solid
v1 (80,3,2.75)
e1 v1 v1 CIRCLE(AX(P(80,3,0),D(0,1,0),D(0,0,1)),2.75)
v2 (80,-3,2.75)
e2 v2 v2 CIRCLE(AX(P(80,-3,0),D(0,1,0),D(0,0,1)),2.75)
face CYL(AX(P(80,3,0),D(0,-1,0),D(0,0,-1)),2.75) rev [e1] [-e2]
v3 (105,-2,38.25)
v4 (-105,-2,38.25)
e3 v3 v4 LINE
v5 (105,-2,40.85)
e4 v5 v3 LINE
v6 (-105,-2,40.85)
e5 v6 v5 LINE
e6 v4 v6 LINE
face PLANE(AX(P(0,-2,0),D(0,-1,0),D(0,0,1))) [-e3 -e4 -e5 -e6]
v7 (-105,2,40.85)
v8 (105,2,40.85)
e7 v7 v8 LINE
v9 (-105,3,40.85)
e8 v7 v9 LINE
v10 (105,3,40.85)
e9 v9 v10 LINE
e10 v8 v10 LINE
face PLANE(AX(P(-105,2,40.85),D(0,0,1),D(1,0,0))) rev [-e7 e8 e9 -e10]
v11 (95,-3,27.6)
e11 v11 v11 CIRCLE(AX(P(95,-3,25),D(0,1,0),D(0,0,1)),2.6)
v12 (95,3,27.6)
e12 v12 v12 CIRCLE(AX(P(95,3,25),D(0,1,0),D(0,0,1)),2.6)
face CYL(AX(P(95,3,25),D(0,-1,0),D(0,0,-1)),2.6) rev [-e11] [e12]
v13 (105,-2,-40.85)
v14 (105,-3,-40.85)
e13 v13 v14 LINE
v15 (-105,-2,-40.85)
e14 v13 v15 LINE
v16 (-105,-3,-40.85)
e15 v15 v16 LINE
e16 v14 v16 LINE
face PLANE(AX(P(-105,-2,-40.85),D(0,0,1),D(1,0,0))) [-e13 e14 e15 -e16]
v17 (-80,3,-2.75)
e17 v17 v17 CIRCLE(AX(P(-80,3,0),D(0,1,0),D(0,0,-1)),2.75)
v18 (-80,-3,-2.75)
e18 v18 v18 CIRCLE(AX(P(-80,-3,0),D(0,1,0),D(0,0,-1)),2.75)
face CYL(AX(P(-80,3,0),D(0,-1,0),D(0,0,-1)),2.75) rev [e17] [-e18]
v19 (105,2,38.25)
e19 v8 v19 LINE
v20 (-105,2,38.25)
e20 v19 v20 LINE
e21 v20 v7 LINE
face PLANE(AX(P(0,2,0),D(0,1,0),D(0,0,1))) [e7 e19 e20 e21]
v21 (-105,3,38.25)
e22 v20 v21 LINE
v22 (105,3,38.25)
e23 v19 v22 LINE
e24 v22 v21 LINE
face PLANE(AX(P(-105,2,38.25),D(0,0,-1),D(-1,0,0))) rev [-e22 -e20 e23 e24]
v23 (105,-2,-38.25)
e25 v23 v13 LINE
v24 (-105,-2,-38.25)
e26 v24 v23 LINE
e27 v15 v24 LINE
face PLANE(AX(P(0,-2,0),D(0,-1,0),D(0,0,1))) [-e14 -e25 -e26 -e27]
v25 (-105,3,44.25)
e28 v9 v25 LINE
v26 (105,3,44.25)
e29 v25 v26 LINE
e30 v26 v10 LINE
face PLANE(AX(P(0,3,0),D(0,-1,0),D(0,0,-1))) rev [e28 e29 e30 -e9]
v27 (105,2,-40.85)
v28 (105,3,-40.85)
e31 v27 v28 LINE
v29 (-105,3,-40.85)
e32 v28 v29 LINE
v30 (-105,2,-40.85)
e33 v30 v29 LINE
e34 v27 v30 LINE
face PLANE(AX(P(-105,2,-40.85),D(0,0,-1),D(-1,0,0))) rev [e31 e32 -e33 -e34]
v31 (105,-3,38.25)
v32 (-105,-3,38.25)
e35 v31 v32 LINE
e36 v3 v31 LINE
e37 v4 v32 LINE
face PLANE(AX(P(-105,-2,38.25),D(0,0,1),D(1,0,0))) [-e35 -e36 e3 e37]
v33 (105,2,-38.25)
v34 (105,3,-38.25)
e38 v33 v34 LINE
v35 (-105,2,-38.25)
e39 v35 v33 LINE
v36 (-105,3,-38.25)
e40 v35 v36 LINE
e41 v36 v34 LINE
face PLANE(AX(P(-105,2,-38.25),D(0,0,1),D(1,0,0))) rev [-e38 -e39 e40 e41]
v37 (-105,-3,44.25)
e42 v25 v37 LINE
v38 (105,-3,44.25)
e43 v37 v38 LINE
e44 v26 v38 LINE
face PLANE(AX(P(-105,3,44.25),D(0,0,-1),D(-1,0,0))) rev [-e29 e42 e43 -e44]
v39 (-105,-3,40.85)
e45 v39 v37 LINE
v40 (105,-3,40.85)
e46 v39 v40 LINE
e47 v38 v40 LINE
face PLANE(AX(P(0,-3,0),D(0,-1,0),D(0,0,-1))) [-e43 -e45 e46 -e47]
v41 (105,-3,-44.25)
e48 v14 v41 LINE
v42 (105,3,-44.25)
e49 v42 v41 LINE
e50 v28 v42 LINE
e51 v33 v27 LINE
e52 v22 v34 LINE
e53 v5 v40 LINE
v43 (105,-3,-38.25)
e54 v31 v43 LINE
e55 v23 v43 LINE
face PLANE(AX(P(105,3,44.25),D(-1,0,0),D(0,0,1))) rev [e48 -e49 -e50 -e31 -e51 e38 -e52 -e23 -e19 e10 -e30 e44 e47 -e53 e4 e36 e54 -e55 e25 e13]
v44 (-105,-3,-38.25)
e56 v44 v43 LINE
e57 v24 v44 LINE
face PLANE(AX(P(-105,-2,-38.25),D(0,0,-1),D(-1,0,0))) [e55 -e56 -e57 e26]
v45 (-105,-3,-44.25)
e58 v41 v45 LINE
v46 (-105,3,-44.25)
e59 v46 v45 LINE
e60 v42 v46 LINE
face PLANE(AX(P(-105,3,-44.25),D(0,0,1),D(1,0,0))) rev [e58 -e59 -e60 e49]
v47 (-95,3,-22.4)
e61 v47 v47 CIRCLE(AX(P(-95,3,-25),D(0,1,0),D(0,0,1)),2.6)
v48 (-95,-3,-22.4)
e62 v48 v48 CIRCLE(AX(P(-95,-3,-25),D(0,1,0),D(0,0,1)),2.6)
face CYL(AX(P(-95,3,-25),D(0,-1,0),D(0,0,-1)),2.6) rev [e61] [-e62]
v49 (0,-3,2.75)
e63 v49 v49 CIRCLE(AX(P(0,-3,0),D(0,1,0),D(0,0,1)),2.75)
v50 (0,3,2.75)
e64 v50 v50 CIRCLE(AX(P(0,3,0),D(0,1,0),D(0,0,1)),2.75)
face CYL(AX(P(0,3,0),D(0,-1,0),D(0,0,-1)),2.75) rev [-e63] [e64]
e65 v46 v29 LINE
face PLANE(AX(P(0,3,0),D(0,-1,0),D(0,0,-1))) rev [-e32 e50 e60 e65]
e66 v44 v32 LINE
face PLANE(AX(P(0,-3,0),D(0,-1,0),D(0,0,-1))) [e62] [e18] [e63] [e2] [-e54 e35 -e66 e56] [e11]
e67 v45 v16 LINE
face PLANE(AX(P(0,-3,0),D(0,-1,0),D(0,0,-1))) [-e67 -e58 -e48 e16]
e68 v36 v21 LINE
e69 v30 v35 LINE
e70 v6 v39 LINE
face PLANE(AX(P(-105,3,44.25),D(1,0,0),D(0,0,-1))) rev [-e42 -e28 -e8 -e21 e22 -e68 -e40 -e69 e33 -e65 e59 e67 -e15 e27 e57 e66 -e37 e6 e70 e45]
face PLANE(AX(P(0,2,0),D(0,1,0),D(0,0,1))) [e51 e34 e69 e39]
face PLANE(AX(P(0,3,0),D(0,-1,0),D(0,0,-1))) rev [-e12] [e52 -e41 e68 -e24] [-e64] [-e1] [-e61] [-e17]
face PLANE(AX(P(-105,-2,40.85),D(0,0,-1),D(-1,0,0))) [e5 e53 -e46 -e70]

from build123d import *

# Parameters (mm, degrees)
SKETCH1_W           = 210
SKETCH1_H           = 88.5
SKETCH1_R           = 2.75
SKETCH1_R_2         = 2.6
BOSS_EXTRUDE1_DEPTH = 3
SKETCH2_W           = 210
SKETCH2_H           = 2.6
CUT_EXTRUDE1_DEPTH  = 1


with BuildPart() as part:
    # Sketch1 → Boss-Extrude1 (new, symmetric)
    with BuildSketch(Plane(origin=(0, 0, 0), x_dir=(1, 0, 0), z_dir=(0, 1, 0))):
        Rectangle(SKETCH1_W, SKETCH1_H)
        with Locations(Location((80, 0, 0), (0, 0, 270))):
            Circle(SKETCH1_R, mode=Mode.SUBTRACT)
        with Locations(Location((0, 0, 0), (0, 0, 270))):
            Circle(SKETCH1_R, mode=Mode.SUBTRACT)
        with Locations(Location((-80, 0, 0), (0, 0, 90))):
            Circle(SKETCH1_R, mode=Mode.SUBTRACT)
        with Locations(Location((-95, 25, 0), (0, 0, 270))):
            Circle(SKETCH1_R_2, mode=Mode.SUBTRACT)
        with Locations(Location((95, -25, 0), (0, 0, 270))):
            Circle(SKETCH1_R_2, mode=Mode.SUBTRACT)
    extrude(amount=BOSS_EXTRUDE1_DEPTH, both=True)

    # Sketch2 → Cut-Extrude1 (cut)
    with BuildSketch(Plane(origin=(0, 3, 0), x_dir=(1, 0, 0), z_dir=(0, 1, 0))):
        with Locations((0, 39.55)):
            Rectangle(SKETCH2_W, SKETCH2_H)
        with Locations((0, -39.55)):
            Rectangle(SKETCH2_W, SKETCH2_H)
    cut_extrude1 = extrude(amount=-CUT_EXTRUDE1_DEPTH, mode=Mode.SUBTRACT)

    # Mirror1: Cut-Extrude1 across plane
    add(cut_extrude1.mirror(Plane.ZX), mode=Mode.SUBTRACT)


solid = part.part
